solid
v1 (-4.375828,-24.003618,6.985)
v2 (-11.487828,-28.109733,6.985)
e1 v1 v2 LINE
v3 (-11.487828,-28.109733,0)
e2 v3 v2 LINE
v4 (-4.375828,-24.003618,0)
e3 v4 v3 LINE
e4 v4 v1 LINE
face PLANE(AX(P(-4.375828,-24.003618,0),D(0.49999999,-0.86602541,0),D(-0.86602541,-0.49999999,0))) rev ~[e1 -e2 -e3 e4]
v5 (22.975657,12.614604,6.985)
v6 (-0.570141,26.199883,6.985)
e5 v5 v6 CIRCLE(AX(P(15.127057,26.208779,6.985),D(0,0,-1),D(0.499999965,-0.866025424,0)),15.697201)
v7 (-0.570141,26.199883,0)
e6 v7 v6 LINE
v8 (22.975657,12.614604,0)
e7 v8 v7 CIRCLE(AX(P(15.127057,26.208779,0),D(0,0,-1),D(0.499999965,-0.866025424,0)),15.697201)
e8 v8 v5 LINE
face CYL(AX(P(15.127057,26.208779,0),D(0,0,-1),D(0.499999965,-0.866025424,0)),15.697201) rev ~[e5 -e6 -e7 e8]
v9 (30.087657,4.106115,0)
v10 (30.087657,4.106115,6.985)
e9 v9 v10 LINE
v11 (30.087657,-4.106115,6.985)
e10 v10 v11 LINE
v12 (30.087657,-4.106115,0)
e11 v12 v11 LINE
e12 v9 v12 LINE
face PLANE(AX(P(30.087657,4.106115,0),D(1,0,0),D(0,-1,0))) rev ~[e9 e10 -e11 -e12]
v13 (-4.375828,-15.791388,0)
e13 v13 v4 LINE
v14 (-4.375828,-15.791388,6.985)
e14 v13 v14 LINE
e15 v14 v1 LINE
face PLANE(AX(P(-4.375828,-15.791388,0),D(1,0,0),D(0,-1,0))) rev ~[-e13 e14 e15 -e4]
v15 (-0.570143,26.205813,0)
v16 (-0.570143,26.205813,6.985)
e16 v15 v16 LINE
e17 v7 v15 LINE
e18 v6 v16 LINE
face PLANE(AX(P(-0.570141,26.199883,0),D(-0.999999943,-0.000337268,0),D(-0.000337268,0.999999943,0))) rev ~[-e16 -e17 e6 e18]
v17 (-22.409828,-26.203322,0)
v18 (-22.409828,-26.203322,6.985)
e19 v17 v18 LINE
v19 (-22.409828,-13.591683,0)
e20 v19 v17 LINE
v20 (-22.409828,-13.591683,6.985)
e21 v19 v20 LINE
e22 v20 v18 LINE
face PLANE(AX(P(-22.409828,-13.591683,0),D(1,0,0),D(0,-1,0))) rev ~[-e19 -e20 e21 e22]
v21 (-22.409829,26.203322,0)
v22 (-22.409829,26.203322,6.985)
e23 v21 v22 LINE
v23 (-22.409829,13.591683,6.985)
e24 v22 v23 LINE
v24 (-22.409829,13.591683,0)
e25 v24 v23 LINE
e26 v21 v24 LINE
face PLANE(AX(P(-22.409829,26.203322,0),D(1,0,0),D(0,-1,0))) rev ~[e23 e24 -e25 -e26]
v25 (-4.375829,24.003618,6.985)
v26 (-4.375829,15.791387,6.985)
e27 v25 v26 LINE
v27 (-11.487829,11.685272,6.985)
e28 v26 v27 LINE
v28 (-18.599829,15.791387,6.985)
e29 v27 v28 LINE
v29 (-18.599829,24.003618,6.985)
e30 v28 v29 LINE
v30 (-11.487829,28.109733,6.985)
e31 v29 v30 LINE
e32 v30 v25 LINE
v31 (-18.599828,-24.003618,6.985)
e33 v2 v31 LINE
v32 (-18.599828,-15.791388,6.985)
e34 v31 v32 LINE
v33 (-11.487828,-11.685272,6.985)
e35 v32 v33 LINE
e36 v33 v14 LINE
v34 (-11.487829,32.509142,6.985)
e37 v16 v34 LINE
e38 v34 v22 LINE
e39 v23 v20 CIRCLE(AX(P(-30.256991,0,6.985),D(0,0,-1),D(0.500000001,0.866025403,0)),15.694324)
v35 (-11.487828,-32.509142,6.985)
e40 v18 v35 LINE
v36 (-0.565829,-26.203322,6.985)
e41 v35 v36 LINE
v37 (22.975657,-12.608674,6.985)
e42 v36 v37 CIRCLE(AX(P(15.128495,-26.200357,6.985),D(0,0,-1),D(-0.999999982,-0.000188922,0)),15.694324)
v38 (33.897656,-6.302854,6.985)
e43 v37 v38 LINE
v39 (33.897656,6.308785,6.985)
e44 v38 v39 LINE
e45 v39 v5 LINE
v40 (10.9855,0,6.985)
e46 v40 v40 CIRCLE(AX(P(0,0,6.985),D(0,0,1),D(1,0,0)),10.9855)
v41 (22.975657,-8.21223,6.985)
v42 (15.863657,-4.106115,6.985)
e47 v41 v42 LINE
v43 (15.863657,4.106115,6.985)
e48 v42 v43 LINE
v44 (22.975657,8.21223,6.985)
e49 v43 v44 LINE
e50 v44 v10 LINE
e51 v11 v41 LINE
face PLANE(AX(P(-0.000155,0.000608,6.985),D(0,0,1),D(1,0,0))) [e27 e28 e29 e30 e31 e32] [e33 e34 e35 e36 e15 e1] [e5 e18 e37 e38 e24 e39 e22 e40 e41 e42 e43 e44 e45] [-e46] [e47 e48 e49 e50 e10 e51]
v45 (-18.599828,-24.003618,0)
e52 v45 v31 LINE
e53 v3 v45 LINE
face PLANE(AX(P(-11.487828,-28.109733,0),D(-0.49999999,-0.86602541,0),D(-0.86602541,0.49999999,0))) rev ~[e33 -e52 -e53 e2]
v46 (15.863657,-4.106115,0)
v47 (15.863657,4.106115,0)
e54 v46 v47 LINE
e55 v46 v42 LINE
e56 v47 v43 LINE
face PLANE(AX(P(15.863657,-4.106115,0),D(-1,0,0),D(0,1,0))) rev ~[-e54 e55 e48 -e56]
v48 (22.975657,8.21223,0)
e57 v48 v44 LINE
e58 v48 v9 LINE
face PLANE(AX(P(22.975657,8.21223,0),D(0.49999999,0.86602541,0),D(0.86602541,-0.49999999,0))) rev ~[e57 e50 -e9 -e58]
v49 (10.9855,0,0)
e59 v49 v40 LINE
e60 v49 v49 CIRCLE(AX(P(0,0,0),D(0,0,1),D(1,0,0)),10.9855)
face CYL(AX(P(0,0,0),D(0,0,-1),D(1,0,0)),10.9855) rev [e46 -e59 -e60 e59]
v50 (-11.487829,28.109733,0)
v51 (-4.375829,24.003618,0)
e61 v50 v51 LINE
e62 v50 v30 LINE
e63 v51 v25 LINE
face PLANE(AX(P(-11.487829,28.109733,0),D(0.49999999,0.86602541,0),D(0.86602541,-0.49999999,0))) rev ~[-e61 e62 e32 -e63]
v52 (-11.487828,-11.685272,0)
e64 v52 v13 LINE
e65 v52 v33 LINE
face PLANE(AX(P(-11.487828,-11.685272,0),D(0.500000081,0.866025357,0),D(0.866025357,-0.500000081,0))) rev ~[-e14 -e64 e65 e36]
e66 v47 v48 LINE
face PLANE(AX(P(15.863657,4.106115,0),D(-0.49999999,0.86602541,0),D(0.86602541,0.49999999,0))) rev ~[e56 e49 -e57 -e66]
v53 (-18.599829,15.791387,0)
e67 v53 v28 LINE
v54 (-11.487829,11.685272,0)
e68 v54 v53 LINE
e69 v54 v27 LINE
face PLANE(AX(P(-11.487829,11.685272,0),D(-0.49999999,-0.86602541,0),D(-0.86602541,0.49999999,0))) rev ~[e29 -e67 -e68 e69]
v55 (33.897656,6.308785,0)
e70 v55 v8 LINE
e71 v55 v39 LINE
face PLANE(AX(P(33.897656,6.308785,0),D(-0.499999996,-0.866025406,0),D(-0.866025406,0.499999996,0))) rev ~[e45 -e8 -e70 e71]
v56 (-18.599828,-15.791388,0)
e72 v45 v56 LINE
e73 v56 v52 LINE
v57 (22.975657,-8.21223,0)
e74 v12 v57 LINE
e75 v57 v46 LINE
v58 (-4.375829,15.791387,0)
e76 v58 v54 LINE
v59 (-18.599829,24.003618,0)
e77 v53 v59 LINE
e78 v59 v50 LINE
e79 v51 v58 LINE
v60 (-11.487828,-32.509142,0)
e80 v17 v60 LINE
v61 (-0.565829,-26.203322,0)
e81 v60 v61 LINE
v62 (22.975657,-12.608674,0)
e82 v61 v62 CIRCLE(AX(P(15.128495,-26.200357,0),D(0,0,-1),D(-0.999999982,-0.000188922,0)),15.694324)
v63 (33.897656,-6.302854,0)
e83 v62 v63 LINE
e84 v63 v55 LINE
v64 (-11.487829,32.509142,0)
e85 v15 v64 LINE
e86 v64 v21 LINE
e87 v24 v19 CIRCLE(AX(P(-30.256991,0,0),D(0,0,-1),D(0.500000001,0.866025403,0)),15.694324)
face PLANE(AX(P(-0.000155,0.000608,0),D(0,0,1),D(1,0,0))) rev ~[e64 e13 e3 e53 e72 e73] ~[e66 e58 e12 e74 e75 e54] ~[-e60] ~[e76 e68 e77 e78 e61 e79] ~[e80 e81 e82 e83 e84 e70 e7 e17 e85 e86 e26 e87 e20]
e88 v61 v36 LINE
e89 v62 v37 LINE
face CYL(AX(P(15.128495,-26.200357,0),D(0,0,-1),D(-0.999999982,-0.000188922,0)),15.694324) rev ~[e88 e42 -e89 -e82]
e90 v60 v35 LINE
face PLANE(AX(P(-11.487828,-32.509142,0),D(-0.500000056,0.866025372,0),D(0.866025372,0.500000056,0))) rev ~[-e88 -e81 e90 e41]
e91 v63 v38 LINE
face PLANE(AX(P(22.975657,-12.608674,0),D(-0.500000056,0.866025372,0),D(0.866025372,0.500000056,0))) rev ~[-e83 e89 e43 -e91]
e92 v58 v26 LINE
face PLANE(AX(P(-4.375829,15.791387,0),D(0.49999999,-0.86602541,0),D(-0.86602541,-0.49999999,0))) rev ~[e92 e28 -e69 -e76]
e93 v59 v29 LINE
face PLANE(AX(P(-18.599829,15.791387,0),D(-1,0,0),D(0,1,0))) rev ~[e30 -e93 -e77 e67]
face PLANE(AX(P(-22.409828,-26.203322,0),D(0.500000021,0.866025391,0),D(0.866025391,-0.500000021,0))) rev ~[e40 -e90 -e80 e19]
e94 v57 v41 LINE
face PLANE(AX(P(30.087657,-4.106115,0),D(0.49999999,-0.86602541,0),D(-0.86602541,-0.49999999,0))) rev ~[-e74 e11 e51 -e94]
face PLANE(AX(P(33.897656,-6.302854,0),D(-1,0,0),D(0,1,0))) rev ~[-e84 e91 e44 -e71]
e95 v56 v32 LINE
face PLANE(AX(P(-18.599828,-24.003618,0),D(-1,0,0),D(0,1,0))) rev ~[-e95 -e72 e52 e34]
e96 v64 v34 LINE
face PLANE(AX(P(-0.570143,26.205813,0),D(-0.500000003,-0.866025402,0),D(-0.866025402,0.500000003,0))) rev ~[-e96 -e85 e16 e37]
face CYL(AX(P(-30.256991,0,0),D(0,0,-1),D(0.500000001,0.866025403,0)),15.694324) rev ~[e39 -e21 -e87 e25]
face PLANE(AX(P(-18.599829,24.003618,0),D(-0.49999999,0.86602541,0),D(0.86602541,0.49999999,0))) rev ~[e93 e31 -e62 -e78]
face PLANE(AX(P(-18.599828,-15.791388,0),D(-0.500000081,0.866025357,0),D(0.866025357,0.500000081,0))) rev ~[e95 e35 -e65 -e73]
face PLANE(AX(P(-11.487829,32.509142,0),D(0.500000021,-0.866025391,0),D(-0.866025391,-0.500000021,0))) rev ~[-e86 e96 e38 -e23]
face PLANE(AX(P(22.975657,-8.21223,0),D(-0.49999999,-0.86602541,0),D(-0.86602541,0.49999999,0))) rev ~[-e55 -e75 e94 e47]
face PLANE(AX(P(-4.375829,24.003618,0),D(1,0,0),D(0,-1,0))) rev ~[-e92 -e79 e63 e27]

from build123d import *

# Parameters (mm, degrees)
F0_R     = 10.9855
F1_DEPTH = 6.985


with BuildPart() as f1:
    # F0 (on Top) → F1 (new body)
    with BuildSketch(Plane.XY):
        with BuildLine():
            Line((-0.570141, 26.199883), (-0.570143, 26.205813))
            Line((-0.570143, 26.205813), (-11.487829, 32.509142))
            Line((-11.487829, 32.509142), (-22.409829, 26.203322))
            Line((-22.409829, 26.203322), (-22.409829, 13.591683))
            ThreePointArc((-22.409829, 13.591683), (-14.562667, 0), (-22.409828, -13.591683))
            Line((-22.409828, -13.591683), (-22.409828, -26.203322))
            Line((-22.409828, -26.203322), (-11.487828, -32.509142))
            Line((-11.487828, -32.509142), (-0.565829, -26.203322))
            ThreePointArc((-0.565829, -26.203322), (7.280049, -12.609415), (22.975657, -12.608674))
            Line((22.975657, -12.608674), (33.897656, -6.302854))
            Line((33.897656, -6.302854), (33.897656, 6.308785))
            Line((33.897656, 6.308785), (22.975657, 12.614604))
            ThreePointArc((22.975657, 12.614604), (7.282309, 12.612381), (-0.570141, 26.199883))
        make_face()
        Polygon((-18.599828, -24.003618), (-18.599828, -15.791388), (-11.487828, -11.685272), (-4.375828, -15.791388), (-4.375828, -24.003618), (-11.487828, -28.109733), align=None, mode=Mode.SUBTRACT)
        Circle(F0_R, mode=Mode.SUBTRACT)
        Polygon((22.975657, -8.21223), (15.863657, -4.106115), (15.863657, 4.106115), (22.975657, 8.21223), (30.087657, 4.106115), (30.087657, -4.106115), align=None, mode=Mode.SUBTRACT)
        Polygon((-11.487829, 28.109733), (-4.375829, 24.003618), (-4.375829, 15.791387), (-11.487829, 11.685272), (-18.599829, 15.791387), (-18.599829, 24.003618), align=None, mode=Mode.SUBTRACT)
    extrude(amount=F1_DEPTH)


solid = f1.part
